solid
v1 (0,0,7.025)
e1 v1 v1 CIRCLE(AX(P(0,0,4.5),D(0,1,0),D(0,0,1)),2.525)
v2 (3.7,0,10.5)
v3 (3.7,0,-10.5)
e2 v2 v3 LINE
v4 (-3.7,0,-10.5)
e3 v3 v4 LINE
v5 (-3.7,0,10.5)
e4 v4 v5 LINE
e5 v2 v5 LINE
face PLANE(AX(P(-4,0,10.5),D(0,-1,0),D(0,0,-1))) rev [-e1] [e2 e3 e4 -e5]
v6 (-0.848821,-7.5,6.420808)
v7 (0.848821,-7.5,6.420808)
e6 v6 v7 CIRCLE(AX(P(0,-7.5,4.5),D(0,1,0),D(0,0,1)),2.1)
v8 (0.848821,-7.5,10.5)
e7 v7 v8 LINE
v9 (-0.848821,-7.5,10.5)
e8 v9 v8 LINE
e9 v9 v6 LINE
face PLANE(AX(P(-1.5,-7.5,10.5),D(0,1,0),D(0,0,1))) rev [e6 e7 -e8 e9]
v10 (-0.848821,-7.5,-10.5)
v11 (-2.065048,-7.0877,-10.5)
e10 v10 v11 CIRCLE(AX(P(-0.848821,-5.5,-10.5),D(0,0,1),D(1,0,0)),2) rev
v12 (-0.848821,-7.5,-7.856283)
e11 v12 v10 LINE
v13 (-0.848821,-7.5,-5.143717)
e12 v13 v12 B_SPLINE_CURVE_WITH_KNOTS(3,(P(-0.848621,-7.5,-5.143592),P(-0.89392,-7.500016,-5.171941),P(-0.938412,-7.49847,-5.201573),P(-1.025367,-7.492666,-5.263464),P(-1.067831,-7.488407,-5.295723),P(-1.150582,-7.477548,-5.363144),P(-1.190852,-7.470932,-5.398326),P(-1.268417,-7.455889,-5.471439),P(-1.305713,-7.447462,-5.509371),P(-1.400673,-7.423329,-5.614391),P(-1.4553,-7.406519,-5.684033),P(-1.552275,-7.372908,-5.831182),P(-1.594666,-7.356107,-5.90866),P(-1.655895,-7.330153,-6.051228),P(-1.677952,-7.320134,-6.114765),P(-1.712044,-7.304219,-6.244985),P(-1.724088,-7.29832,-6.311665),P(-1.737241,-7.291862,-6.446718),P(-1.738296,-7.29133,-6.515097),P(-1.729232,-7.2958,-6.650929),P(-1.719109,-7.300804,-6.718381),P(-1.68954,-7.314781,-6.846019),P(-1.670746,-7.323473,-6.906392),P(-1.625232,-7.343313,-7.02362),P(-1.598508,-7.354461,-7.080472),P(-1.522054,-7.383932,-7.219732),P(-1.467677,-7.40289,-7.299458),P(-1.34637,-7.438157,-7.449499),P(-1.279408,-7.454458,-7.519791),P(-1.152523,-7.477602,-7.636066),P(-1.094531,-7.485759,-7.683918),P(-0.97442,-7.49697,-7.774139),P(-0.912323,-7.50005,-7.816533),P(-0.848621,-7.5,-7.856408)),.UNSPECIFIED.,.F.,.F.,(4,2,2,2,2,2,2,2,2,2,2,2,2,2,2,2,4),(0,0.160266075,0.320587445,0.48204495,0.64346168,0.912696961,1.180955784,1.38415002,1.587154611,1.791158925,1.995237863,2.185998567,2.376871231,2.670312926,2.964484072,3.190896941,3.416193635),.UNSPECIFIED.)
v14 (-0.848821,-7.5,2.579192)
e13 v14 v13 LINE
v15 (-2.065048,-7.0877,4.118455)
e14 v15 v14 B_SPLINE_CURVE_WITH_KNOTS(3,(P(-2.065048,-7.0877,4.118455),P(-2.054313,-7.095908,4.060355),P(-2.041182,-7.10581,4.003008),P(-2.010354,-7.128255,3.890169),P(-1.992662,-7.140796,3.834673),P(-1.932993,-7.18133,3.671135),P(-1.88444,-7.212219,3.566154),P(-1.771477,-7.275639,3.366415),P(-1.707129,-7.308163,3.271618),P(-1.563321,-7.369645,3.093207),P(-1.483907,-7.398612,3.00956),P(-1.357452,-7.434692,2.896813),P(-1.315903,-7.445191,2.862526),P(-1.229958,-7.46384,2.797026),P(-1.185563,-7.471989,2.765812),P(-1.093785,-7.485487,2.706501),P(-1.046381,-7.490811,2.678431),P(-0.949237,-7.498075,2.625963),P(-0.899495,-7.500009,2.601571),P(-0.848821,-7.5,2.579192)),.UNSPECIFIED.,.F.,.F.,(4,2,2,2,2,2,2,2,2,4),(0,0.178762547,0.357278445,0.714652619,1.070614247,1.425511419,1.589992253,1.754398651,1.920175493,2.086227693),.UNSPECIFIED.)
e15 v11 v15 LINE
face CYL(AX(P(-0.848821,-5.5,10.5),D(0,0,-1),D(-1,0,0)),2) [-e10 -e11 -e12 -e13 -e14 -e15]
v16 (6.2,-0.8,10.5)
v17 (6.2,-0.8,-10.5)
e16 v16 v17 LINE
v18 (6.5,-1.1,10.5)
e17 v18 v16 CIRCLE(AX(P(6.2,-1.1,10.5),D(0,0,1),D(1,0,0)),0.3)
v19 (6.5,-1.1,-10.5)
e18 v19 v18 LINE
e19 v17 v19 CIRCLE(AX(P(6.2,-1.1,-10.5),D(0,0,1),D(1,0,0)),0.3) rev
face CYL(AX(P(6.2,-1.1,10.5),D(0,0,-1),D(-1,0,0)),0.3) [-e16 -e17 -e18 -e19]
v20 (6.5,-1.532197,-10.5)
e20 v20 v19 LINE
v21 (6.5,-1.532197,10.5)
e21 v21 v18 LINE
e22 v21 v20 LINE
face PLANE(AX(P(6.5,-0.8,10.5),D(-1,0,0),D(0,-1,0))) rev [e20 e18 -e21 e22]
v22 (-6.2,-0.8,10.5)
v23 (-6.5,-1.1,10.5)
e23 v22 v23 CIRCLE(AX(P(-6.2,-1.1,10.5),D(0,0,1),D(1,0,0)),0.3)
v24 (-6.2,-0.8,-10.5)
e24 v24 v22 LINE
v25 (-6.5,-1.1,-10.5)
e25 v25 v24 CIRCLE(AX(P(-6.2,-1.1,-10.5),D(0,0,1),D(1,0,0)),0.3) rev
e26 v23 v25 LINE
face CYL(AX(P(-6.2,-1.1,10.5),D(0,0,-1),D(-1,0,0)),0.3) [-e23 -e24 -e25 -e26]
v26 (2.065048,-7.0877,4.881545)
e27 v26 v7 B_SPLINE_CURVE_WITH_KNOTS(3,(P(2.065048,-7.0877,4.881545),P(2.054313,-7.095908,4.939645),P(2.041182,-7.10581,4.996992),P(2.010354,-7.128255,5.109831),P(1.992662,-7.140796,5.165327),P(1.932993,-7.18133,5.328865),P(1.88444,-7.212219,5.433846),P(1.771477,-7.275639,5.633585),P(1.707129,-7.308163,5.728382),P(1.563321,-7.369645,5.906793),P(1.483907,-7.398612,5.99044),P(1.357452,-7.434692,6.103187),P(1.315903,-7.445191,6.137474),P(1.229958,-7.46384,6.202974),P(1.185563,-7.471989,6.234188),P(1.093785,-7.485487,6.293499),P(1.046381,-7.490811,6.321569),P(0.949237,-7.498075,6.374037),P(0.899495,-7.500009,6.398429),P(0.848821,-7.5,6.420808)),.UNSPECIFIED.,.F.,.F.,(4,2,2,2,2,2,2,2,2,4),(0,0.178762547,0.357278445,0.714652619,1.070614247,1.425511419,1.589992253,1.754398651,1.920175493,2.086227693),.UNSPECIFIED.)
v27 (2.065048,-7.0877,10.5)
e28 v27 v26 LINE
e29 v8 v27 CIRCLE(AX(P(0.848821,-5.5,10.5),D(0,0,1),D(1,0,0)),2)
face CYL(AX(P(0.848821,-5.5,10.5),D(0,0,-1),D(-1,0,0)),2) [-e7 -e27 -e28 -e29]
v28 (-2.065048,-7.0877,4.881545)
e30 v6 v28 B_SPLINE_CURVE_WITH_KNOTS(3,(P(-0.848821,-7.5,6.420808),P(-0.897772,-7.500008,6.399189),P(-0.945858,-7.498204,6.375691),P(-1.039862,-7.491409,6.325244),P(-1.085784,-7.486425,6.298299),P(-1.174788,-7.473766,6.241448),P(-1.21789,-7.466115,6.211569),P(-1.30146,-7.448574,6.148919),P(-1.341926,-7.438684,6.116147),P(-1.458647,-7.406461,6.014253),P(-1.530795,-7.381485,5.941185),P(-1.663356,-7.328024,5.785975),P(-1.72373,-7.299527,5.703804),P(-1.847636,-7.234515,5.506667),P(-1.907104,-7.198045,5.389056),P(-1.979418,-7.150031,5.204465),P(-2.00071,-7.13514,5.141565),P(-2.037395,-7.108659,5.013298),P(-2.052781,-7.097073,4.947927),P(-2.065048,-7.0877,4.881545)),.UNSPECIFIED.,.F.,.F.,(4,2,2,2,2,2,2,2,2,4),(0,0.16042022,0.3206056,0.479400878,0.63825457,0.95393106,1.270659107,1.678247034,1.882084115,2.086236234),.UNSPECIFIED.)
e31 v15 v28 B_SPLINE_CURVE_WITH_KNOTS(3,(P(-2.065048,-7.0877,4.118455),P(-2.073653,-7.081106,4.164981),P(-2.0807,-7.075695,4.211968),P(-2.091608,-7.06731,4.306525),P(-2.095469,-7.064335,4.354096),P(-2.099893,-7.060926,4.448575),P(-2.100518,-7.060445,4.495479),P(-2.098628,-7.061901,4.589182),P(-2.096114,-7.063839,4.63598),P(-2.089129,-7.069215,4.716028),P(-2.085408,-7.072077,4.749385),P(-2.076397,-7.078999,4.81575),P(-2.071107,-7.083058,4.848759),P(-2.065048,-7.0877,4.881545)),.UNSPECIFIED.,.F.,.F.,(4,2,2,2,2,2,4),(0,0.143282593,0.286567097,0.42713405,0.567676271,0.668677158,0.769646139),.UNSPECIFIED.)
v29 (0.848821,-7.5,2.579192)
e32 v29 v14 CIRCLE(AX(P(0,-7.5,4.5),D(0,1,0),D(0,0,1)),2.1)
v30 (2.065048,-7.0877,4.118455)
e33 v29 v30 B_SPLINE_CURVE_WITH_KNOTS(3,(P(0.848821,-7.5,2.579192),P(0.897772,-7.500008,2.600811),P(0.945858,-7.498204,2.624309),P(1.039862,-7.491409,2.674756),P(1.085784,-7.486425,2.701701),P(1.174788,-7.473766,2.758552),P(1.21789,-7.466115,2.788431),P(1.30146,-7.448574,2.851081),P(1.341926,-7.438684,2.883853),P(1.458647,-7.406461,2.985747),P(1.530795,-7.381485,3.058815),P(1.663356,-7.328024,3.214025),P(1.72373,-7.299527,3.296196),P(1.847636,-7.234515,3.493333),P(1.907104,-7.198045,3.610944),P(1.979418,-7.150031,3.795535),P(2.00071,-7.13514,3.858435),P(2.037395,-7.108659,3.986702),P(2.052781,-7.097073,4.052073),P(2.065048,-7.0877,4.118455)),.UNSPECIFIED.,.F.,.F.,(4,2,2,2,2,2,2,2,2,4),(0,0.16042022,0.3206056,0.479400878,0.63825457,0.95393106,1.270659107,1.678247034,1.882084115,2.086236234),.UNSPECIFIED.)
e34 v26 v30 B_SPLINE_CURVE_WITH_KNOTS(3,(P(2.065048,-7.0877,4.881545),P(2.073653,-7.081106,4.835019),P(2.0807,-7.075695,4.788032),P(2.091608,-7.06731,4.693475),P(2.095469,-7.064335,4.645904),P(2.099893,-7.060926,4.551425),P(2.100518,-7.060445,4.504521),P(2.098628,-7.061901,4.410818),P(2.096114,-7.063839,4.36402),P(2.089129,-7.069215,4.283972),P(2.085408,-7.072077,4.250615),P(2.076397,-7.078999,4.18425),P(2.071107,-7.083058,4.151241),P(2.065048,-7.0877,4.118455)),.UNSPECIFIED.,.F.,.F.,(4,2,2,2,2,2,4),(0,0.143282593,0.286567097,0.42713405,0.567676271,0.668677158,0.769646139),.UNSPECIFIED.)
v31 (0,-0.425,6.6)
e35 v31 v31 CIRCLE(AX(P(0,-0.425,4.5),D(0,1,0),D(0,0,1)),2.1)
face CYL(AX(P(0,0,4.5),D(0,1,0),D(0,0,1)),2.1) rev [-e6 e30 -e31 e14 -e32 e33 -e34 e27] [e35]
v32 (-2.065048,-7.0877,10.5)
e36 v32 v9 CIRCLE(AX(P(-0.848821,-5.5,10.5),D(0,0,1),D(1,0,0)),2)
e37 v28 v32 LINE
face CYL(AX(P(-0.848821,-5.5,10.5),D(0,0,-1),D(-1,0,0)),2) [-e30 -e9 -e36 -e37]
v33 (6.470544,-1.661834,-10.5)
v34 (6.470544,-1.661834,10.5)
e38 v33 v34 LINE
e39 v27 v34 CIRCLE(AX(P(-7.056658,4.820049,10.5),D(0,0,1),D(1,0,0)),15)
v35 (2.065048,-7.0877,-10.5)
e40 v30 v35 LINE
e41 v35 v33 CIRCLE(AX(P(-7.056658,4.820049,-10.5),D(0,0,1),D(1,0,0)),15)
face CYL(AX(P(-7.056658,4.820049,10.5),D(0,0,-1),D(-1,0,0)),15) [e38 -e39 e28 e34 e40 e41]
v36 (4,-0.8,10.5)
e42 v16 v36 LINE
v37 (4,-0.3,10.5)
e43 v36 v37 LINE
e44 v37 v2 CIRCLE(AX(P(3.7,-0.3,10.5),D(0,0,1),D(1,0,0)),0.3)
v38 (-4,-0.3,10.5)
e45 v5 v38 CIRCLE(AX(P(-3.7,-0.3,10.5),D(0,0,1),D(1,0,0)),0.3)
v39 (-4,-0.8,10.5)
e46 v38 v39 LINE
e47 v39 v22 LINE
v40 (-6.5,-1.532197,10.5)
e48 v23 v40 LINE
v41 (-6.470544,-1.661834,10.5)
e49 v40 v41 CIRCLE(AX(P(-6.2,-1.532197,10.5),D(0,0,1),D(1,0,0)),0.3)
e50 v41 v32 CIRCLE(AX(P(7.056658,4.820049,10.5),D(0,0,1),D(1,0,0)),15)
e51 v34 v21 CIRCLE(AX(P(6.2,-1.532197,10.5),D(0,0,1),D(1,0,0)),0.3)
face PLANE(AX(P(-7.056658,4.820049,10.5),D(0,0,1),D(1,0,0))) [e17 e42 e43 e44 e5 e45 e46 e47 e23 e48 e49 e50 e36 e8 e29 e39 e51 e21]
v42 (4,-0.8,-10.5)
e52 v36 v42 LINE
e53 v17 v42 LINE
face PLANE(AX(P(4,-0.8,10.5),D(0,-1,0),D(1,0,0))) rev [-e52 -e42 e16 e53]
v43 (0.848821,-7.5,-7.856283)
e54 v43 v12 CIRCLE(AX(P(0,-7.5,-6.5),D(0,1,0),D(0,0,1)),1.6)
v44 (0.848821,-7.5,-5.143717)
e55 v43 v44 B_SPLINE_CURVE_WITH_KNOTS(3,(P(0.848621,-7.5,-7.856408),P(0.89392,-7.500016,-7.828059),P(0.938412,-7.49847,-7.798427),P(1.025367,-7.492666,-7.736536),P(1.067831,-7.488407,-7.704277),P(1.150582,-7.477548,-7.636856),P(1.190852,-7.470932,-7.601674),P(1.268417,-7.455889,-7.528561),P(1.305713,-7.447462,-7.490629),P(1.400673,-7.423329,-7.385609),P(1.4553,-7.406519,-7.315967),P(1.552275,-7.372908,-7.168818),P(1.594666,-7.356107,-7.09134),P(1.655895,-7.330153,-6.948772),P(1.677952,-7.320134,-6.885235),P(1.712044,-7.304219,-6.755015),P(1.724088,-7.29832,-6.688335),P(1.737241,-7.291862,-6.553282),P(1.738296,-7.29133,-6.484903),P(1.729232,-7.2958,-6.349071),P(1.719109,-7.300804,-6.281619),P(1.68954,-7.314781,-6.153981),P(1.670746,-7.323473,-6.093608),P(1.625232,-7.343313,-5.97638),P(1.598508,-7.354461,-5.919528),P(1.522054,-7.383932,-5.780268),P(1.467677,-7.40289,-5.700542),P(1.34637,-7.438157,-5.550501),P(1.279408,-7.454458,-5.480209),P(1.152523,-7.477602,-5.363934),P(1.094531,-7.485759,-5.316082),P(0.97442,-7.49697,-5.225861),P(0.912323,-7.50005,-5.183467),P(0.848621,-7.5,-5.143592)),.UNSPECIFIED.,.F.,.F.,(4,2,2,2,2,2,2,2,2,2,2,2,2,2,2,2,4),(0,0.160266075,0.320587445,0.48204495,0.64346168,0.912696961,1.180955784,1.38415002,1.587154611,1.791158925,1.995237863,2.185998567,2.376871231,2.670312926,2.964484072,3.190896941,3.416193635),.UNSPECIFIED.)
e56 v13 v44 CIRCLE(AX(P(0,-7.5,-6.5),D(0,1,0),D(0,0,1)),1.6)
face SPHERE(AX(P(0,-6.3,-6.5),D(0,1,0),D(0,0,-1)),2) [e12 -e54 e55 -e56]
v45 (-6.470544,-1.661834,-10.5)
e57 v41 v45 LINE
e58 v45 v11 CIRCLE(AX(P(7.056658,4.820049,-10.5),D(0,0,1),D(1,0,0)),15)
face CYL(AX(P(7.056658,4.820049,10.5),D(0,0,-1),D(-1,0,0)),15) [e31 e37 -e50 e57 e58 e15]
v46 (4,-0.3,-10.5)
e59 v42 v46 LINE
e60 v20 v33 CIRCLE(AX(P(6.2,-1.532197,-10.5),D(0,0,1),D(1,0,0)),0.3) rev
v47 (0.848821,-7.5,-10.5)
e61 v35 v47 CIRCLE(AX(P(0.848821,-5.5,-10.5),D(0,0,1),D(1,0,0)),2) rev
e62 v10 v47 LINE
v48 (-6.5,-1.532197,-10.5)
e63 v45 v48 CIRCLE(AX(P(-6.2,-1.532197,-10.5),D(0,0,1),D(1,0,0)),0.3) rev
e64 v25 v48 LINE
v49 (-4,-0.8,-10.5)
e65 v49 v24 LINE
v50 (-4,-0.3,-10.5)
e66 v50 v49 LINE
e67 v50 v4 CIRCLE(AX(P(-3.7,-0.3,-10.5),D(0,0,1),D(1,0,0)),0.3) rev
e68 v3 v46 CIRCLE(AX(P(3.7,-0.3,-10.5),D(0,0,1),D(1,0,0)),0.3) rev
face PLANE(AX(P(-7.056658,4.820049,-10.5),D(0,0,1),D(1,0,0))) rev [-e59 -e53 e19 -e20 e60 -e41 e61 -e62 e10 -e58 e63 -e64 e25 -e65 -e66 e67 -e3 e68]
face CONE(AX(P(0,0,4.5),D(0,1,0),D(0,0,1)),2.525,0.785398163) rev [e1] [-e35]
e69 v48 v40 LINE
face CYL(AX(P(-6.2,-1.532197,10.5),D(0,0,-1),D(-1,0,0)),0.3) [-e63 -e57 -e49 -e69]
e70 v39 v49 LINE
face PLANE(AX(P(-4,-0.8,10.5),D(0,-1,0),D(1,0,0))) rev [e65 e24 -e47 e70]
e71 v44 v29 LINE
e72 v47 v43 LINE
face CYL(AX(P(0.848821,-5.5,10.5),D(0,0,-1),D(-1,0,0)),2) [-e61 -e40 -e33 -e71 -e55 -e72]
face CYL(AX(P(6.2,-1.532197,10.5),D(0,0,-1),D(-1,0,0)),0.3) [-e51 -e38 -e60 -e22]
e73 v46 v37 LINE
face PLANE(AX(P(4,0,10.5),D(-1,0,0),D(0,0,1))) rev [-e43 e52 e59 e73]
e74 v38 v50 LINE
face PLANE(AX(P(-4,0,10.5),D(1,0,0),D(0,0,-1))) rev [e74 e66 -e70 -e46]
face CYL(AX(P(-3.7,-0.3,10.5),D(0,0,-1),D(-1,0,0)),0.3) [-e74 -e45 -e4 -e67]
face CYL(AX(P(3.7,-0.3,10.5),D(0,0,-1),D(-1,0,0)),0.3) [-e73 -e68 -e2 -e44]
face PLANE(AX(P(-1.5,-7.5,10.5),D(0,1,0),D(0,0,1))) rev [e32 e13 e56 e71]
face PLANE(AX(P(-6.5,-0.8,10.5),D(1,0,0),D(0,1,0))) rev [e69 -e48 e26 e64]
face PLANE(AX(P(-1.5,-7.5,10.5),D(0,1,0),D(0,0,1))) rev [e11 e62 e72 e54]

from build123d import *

# Parameters (mm, degrees)
EXTRUDE_1_DEPTH             = 10.5
FILLET_1_R                  = 0.3
FILLET_2_R                  = 2
HOLE_WIZARD_M52_D           = 4.2
HOLE_WIZARD_M52_CSINK_D     = 5.05
HOLE_WIZARD_M52_CSINK_ANGLE = 90


with BuildPart() as part:
    # Эскиз1 → Бобышка-Вытянуть1 (new body, symmetric)
    with BuildSketch(Plane.XY):
        with BuildLine():
            Line((-4, 0), (4, 0))
            Line((4, 0), (4, -0.8))
            Line((4, -0.8), (6.5, -0.8))
            Line((6.5, -0.8), (6.5, -1.6))
            ThreePointArc((6.5, -1.6), (4.386776199, -4.87777644), (1.5, -7.5))
            Line((1.5, -7.5), (-1.5, -7.5))
            ThreePointArc((-1.5, -7.5), (-4.386776199, -4.87777644), (-6.5, -1.6))
            Line((-6.5, -1.6), (-6.5, -0.8))
            Line((-6.5, -0.8), (-4, -0.8))
            Line((-4, -0.8), (-4, 0))
        make_face()
    extrude(amount=EXTRUDE_1_DEPTH, both=True)

    # Скругление1
    fillet_1_edges = [part.edges().sort_by_distance(p)[0] for p in [
        (6.5, -0.8, 0),
        (6.5, -1.6, 0),
        (-6.5, -1.6, 0),
        (-6.5, -0.8, 0),
        (-4, 0, 0),
        (4, 0, 0),
    ]]
    fillet(fillet_1_edges, radius=FILLET_1_R)

    # Скругление2
    fillet_2_edges = [part.edges().sort_by_distance(p)[0] for p in [
        (1.5, -7.5, 0),
        (-1.5, -7.5, 0),
    ]]
    fillet(fillet_2_edges, radius=FILLET_2_R)

    # Отверстие обработанное метчиком M52 (through all)
    with Locations(Plane(origin=(0, 0, 0), x_dir=(1, 0, 0), z_dir=(0, 1, 0))):
        with Locations((0, -4.5)):
            CounterSinkHole(HOLE_WIZARD_M52_D / 2, HOLE_WIZARD_M52_CSINK_D / 2, counter_sink_angle=HOLE_WIZARD_M52_CSINK_ANGLE)

    # Эскиз5 → Повернуть1 (revolve)
    with BuildSketch(Plane(origin=(0, 0, 0), x_dir=(0, 0, -1), z_dir=(1, 0, 0))):
        with BuildLine():
            Line((6.5, -4.3), (6.5, -8.3))
            ThreePointArc((6.5, -8.3), (4.5, -6.3), (6.5, -4.3))
        make_face()
    revolve(axis=Axis((0, -4.3, -6.5), (0, -1, 0)))


solid = part.part
